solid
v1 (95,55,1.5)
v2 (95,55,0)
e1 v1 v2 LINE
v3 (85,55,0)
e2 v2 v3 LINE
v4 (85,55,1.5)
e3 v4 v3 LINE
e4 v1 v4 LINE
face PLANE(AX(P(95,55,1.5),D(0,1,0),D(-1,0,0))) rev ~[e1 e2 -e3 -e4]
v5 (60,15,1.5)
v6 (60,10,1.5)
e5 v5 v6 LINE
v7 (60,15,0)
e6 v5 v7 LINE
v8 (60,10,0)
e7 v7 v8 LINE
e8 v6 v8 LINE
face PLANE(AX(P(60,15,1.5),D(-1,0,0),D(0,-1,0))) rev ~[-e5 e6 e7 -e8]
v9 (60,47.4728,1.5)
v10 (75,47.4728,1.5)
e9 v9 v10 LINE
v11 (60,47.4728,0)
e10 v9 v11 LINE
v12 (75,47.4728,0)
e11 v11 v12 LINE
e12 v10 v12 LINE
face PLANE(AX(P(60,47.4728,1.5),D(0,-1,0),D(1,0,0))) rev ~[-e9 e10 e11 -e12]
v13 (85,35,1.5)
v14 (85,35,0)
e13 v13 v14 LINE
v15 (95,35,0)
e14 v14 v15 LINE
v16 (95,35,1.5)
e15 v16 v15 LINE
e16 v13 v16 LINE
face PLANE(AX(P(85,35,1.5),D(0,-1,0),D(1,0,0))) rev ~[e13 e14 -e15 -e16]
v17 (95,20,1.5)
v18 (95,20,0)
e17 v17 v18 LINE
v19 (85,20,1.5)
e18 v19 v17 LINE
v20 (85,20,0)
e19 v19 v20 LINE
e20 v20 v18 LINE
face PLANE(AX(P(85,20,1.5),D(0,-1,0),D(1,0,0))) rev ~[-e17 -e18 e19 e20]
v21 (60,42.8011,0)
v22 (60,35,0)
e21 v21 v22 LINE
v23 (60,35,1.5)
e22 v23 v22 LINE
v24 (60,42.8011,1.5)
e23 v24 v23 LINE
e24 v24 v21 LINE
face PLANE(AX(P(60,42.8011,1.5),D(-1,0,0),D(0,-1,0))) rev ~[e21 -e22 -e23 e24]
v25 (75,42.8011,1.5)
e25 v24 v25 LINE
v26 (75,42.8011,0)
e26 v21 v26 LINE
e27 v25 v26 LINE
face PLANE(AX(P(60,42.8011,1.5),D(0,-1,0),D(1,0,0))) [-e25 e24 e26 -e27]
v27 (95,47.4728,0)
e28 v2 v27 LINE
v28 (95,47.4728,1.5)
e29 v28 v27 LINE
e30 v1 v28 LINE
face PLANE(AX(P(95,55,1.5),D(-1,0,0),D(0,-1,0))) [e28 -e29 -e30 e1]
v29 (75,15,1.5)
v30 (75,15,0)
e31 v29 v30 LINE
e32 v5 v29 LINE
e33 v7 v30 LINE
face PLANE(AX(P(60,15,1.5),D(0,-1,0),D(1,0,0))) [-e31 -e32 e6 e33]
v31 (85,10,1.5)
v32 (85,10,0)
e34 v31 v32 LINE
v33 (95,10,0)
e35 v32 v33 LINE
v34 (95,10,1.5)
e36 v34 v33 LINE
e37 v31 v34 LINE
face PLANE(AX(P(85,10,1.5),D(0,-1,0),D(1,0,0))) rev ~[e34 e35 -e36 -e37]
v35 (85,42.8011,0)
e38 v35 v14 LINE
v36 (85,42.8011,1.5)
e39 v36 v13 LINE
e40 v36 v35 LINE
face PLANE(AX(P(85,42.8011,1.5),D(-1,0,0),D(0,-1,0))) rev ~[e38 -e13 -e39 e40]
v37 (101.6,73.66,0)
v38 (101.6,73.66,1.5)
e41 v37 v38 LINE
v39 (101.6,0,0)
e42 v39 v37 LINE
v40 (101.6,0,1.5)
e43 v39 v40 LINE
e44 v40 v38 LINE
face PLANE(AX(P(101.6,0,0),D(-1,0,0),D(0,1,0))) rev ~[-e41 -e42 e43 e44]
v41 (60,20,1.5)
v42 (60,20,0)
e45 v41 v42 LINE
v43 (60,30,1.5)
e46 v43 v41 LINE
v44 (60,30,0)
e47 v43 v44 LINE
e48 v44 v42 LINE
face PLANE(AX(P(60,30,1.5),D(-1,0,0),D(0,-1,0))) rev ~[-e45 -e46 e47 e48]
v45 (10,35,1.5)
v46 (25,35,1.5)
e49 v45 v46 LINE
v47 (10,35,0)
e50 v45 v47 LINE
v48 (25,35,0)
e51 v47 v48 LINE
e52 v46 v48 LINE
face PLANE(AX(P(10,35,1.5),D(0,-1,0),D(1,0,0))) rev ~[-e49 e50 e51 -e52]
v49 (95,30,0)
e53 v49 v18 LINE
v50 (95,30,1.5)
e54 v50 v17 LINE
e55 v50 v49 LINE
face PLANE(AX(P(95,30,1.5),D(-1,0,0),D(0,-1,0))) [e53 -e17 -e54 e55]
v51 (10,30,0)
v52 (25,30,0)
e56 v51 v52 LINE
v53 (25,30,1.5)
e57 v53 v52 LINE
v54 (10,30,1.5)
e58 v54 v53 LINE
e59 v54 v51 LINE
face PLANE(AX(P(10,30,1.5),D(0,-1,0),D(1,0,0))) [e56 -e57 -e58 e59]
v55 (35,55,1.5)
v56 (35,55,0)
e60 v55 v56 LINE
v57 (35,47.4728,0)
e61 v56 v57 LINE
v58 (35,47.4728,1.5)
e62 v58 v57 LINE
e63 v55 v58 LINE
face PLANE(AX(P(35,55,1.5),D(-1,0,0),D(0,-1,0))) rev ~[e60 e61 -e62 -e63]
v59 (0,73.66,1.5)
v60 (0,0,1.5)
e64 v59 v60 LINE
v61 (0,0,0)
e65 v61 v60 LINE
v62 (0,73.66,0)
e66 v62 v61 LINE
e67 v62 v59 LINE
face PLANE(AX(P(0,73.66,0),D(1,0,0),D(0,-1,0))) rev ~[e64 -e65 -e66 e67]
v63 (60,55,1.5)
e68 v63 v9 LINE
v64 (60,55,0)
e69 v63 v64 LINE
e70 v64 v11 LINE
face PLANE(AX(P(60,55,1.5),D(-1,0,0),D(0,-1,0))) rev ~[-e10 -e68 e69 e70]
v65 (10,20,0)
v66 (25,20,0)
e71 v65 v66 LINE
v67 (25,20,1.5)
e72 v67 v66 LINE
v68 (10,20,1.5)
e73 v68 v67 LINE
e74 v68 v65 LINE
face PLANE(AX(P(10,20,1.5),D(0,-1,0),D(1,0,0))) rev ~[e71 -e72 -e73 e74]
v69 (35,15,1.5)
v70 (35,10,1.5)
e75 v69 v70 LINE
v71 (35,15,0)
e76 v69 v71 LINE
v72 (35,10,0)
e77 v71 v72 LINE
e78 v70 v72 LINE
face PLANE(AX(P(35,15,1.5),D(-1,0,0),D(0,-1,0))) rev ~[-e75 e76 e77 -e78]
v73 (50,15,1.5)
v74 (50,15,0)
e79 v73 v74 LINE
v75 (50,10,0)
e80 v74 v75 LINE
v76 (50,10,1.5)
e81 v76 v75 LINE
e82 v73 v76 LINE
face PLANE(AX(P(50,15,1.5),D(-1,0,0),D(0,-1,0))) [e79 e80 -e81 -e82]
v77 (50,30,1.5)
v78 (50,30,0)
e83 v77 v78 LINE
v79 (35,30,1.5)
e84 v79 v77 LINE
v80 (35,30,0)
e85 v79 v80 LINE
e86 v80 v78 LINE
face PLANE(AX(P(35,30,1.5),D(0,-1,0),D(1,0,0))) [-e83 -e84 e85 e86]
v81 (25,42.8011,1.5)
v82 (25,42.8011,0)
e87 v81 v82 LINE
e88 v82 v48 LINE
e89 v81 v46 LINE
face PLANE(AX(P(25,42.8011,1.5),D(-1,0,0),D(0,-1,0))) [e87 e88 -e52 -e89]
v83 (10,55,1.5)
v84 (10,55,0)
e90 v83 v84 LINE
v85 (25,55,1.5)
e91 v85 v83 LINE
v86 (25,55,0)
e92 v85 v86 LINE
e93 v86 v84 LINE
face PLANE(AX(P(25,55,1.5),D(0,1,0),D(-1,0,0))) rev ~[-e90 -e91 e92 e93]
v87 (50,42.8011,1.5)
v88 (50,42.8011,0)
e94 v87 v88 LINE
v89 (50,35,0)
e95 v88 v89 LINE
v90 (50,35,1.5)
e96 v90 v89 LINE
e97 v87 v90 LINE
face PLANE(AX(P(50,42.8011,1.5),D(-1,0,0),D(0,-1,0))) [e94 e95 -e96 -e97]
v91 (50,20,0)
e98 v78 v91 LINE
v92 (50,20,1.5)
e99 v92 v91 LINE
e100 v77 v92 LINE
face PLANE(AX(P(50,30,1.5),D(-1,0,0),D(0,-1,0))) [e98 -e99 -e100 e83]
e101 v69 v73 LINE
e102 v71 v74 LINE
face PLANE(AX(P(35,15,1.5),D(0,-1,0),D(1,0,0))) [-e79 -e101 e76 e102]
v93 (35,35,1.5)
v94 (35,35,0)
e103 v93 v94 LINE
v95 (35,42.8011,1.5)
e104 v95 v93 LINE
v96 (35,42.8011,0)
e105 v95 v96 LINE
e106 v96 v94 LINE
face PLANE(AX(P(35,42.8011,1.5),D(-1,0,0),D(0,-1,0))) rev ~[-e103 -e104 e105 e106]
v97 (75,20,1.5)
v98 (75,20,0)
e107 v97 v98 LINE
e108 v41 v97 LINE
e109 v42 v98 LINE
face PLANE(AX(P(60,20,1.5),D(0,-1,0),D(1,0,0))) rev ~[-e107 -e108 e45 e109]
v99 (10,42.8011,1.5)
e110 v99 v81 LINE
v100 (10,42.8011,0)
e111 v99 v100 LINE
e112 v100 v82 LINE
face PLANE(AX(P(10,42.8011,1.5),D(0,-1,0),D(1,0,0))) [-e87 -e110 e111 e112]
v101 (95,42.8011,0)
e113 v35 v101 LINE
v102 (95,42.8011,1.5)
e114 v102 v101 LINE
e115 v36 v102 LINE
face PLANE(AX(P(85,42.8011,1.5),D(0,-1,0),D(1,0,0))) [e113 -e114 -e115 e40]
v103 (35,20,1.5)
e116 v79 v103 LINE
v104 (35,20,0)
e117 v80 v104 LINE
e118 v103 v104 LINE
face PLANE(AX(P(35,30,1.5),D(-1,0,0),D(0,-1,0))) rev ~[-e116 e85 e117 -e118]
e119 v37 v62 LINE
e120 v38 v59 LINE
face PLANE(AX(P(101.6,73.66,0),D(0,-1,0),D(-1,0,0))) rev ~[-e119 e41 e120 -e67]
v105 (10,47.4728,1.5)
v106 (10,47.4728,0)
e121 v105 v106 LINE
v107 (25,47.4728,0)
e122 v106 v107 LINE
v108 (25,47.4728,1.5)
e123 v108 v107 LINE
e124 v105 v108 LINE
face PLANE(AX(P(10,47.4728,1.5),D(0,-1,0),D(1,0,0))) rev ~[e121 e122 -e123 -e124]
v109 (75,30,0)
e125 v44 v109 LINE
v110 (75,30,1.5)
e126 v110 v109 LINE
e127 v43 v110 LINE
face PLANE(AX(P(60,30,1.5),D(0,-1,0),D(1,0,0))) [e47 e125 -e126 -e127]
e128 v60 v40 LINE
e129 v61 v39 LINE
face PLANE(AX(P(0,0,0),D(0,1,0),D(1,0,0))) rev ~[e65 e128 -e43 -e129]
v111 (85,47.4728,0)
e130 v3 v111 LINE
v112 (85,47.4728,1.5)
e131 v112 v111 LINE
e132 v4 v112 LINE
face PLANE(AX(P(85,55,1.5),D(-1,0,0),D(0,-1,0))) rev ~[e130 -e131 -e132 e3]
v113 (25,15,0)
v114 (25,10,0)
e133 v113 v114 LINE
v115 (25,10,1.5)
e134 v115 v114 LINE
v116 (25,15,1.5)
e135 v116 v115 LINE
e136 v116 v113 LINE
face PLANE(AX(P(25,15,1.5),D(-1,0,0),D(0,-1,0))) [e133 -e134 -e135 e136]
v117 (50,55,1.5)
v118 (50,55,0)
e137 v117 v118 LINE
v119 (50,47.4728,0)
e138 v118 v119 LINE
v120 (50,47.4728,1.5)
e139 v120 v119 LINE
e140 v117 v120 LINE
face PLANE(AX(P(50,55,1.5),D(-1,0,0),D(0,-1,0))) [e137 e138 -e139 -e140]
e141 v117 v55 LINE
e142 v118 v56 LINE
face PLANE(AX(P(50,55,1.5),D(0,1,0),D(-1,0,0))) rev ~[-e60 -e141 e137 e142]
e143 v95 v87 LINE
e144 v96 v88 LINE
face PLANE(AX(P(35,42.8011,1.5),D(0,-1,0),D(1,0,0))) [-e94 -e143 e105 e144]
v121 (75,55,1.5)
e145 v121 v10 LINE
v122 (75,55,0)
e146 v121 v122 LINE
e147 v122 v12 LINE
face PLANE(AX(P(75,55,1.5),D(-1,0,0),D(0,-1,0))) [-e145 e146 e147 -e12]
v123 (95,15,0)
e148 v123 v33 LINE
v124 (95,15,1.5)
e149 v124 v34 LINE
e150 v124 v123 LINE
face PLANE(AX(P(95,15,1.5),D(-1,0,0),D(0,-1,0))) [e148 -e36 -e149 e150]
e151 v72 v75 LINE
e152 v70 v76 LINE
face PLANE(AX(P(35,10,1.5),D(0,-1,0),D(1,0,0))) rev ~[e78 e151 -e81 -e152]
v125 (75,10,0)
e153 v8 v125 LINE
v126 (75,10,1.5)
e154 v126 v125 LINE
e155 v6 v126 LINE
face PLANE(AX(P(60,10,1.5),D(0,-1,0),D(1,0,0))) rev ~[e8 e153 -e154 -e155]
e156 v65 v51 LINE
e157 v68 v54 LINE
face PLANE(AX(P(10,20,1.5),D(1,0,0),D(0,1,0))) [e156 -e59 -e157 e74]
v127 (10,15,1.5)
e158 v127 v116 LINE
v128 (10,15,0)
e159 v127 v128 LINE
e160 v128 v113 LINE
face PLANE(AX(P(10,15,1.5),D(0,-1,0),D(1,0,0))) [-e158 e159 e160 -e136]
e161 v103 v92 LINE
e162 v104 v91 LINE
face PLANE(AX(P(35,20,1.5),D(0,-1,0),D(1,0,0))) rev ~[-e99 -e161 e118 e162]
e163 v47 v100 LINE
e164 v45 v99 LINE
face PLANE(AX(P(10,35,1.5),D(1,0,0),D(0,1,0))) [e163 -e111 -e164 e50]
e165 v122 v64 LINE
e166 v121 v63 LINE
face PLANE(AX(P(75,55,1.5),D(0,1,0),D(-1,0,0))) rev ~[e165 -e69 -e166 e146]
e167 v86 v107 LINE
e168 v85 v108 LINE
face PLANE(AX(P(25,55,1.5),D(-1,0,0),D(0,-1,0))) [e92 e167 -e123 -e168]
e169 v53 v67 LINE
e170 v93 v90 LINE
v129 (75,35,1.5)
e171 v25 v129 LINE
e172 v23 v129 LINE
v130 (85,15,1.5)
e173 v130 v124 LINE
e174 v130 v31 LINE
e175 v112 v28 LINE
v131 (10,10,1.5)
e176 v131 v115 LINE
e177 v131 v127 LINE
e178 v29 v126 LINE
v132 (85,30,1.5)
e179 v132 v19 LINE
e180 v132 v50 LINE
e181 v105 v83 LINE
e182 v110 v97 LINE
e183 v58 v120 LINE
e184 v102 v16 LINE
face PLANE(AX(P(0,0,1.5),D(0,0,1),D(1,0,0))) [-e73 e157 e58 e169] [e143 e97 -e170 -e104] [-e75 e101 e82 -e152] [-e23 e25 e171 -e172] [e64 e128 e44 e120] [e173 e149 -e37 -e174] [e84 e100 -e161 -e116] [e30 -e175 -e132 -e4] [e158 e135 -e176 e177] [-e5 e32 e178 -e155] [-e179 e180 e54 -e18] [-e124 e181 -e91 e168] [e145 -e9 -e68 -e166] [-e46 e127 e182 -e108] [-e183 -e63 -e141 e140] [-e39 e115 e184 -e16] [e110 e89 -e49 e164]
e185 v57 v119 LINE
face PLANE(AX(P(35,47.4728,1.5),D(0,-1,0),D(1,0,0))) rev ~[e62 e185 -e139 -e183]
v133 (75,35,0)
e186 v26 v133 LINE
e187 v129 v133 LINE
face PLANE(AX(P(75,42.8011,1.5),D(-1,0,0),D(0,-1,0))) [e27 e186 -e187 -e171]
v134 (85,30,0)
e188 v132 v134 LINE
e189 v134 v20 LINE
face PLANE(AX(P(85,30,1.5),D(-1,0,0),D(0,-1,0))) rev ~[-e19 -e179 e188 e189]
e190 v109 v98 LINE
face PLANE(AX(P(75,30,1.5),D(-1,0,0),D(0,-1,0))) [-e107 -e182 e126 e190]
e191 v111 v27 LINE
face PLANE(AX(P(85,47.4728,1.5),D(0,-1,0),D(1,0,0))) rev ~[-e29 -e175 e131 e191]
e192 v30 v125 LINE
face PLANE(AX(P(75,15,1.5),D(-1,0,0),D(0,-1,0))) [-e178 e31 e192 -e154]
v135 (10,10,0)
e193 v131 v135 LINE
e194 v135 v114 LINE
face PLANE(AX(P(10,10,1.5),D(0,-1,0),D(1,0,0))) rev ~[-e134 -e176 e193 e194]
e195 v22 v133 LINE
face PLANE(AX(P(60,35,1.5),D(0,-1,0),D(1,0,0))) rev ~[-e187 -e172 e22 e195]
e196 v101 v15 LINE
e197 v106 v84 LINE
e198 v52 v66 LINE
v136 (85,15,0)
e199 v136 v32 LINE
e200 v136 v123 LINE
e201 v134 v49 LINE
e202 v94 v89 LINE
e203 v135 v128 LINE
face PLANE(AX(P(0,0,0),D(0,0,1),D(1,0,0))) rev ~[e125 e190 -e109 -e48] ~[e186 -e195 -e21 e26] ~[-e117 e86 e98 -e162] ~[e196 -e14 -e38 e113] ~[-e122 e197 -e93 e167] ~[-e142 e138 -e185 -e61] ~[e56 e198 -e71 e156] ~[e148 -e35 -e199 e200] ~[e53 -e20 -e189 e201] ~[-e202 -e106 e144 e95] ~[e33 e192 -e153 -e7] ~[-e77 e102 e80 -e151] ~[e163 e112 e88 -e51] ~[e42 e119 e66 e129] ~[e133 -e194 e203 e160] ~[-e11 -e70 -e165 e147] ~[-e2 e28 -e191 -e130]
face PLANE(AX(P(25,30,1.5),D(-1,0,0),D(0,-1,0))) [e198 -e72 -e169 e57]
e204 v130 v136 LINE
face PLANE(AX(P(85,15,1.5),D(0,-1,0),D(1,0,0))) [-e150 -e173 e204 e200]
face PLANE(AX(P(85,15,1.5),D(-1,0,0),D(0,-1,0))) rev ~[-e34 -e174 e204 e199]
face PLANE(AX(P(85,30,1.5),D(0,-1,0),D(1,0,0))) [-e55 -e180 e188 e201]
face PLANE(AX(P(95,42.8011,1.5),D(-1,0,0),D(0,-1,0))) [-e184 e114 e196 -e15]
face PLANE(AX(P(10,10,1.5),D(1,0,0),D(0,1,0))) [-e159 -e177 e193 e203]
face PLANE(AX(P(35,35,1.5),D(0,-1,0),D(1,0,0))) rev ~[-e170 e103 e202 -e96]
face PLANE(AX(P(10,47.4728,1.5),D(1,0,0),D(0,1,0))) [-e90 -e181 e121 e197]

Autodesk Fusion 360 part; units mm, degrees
sketch "Sketch1" plane through (0, 0, 0) normal (0, 0, 1) x (1, 0, 0)
  line L0 (0, 0) -> (101.6, 0)
  line L1 (101.6, 0) -> (101.6, 73.66)
  line L2 (101.6, 73.66) -> (0, 73.66)
  line L3 (0, 73.66) -> (0, 0)
  dimension "d1" = 101.6
  dimension "d2" = 73.66
extrude "Extrude1" add sketch "Sketch1" along normal blind 1.5
sketch "Sketch2" plane through (0, 0, 1.5) normal (0, 0, 1) x (-1, 0, 0)
  line L0 (0, -73.66) -> (0, 0)
  line L1 (0, 0) -> (-101.6, 0)
  line L2 (-101.6, 0) -> (-101.6, -73.66)
  line L3 (-101.6, -73.66) -> (0, -73.66)
  line L4 (-10, -35) -> (-25, -35)
  line L5 (-10, -30) -> (-25, -30)
  line L6 (-35, -35) -> (-50, -35)
  line L7 (-35, -30) -> (-50, -30)
  line L8 (-60, -35) -> (-75, -35)
  line L9 (-85, -35) -> (-95, -35)
  line L10 (-60, -30) -> (-75, -30)
  line L11 (-85, -30) -> (-95, -30)
  line L12 (-25, -55) -> (-10, -55)
  line L13 (-50, -55) -> (-35, -55)
  line L14 (-95, -55) -> (-85, -55)
  line L15 (-75, -55) -> (-60, -55)
  line L16 (-85, -10) -> (-95, -10)
  line L17 (-60, -10) -> (-75, -10)
  line L18 (-10, -10) -> (-25, -10)
  line L19 (-35, -10) -> (-50, -10)
  line L20 (-10, -20) -> (-95, -20)
  line L21 (-10, -15) -> (-95, -15)
  line L22 (-25, -30) -> (-25, -20)
  line L23 (-25, -15) -> (-25, -10)
  line L24 (-10, -10) -> (-10, -15)
  line L25 (-10, -20) -> (-10, -30)
  line L26 (-35, -30) -> (-35, -20)
  line L27 (-35, -15) -> (-35, -10)
  line L28 (-50, -30) -> (-50, -20)
  line L29 (-50, -15) -> (-50, -10)
  line L30 (-60, -30) -> (-60, -20)
  line L31 (-60, -15) -> (-60, -10)
  line L32 (-75, -30) -> (-75, -20)
  line L33 (-75, -15) -> (-75, -10)
  line L34 (-85, -30) -> (-85, -20)
  line L35 (-85, -15) -> (-85, -10)
  line L36 (-95, -30) -> (-95, -20)
  line L37 (-95, -15) -> (-95, -10)
  line L38 (-10, -35) -> (-10, -42.8011)
  line L39 (-10, -47.4728) -> (-10, -55)
  line L40 (-25, -55) -> (-25, -47.4728)
  line L41 (-25, -42.8011) -> (-25, -35)
  line L42 (-35, -55) -> (-35, -47.4728)
  line L43 (-35, -42.8011) -> (-35, -35)
  line L44 (-10, -42.8011) -> (-25, -42.8011)
  line L45 (-10, -47.4728) -> (-25, -47.4728)
  line L46 (-35, -47.4728) -> (-50, -47.4728)
  line L47 (-35, -42.8011) -> (-50, -42.8011)
  line L48 (-50, -55) -> (-50, -47.4728)
  line L49 (-50, -42.8011) -> (-50, -35)
  line L50 (-60, -55) -> (-60, -47.4728)
  line L51 (-60, -42.8011) -> (-60, -35)
  line L52 (-60, -47.4728) -> (-75, -47.4728)
  line L53 (-85, -47.4728) -> (-95, -47.4728)
  line L54 (-75, -55) -> (-75, -47.4728)
  line L55 (-75, -42.8011) -> (-75, -35)
  line L56 (-60, -42.8011) -> (-75, -42.8011)
  line L57 (-85, -42.8011) -> (-95, -42.8011)
  line L58 (-85, -55) -> (-85, -47.4728)
  line L59 (-85, -42.8011) -> (-85, -35)
  line L60 (-95, -55) -> (-95, -47.4728)
  line L61 (-95, -42.8011) -> (-95, -35)
extrude "Extrude2" cut sketch "Sketch2" against normal blind 5 contours L4 L38 L41 L44 | L11 L20 L34 L36 | L10 L20 L30 L32 | L7 L20 L26 L28 | L5 L20 L22 L25 | L6 L43 L47 L49 | L8 L51 L55 L56 | L9 L57 L59 L61 | L12 L39 L40 L45 | L13 L42 L46 L48 | L14 L53 L58 L60 | L15 L50 L52 L54 | L16 L21 L35 L37 | L18 L21 L23 L24 | L19 L21 L27 L29 | L17 L21 L31 L33
